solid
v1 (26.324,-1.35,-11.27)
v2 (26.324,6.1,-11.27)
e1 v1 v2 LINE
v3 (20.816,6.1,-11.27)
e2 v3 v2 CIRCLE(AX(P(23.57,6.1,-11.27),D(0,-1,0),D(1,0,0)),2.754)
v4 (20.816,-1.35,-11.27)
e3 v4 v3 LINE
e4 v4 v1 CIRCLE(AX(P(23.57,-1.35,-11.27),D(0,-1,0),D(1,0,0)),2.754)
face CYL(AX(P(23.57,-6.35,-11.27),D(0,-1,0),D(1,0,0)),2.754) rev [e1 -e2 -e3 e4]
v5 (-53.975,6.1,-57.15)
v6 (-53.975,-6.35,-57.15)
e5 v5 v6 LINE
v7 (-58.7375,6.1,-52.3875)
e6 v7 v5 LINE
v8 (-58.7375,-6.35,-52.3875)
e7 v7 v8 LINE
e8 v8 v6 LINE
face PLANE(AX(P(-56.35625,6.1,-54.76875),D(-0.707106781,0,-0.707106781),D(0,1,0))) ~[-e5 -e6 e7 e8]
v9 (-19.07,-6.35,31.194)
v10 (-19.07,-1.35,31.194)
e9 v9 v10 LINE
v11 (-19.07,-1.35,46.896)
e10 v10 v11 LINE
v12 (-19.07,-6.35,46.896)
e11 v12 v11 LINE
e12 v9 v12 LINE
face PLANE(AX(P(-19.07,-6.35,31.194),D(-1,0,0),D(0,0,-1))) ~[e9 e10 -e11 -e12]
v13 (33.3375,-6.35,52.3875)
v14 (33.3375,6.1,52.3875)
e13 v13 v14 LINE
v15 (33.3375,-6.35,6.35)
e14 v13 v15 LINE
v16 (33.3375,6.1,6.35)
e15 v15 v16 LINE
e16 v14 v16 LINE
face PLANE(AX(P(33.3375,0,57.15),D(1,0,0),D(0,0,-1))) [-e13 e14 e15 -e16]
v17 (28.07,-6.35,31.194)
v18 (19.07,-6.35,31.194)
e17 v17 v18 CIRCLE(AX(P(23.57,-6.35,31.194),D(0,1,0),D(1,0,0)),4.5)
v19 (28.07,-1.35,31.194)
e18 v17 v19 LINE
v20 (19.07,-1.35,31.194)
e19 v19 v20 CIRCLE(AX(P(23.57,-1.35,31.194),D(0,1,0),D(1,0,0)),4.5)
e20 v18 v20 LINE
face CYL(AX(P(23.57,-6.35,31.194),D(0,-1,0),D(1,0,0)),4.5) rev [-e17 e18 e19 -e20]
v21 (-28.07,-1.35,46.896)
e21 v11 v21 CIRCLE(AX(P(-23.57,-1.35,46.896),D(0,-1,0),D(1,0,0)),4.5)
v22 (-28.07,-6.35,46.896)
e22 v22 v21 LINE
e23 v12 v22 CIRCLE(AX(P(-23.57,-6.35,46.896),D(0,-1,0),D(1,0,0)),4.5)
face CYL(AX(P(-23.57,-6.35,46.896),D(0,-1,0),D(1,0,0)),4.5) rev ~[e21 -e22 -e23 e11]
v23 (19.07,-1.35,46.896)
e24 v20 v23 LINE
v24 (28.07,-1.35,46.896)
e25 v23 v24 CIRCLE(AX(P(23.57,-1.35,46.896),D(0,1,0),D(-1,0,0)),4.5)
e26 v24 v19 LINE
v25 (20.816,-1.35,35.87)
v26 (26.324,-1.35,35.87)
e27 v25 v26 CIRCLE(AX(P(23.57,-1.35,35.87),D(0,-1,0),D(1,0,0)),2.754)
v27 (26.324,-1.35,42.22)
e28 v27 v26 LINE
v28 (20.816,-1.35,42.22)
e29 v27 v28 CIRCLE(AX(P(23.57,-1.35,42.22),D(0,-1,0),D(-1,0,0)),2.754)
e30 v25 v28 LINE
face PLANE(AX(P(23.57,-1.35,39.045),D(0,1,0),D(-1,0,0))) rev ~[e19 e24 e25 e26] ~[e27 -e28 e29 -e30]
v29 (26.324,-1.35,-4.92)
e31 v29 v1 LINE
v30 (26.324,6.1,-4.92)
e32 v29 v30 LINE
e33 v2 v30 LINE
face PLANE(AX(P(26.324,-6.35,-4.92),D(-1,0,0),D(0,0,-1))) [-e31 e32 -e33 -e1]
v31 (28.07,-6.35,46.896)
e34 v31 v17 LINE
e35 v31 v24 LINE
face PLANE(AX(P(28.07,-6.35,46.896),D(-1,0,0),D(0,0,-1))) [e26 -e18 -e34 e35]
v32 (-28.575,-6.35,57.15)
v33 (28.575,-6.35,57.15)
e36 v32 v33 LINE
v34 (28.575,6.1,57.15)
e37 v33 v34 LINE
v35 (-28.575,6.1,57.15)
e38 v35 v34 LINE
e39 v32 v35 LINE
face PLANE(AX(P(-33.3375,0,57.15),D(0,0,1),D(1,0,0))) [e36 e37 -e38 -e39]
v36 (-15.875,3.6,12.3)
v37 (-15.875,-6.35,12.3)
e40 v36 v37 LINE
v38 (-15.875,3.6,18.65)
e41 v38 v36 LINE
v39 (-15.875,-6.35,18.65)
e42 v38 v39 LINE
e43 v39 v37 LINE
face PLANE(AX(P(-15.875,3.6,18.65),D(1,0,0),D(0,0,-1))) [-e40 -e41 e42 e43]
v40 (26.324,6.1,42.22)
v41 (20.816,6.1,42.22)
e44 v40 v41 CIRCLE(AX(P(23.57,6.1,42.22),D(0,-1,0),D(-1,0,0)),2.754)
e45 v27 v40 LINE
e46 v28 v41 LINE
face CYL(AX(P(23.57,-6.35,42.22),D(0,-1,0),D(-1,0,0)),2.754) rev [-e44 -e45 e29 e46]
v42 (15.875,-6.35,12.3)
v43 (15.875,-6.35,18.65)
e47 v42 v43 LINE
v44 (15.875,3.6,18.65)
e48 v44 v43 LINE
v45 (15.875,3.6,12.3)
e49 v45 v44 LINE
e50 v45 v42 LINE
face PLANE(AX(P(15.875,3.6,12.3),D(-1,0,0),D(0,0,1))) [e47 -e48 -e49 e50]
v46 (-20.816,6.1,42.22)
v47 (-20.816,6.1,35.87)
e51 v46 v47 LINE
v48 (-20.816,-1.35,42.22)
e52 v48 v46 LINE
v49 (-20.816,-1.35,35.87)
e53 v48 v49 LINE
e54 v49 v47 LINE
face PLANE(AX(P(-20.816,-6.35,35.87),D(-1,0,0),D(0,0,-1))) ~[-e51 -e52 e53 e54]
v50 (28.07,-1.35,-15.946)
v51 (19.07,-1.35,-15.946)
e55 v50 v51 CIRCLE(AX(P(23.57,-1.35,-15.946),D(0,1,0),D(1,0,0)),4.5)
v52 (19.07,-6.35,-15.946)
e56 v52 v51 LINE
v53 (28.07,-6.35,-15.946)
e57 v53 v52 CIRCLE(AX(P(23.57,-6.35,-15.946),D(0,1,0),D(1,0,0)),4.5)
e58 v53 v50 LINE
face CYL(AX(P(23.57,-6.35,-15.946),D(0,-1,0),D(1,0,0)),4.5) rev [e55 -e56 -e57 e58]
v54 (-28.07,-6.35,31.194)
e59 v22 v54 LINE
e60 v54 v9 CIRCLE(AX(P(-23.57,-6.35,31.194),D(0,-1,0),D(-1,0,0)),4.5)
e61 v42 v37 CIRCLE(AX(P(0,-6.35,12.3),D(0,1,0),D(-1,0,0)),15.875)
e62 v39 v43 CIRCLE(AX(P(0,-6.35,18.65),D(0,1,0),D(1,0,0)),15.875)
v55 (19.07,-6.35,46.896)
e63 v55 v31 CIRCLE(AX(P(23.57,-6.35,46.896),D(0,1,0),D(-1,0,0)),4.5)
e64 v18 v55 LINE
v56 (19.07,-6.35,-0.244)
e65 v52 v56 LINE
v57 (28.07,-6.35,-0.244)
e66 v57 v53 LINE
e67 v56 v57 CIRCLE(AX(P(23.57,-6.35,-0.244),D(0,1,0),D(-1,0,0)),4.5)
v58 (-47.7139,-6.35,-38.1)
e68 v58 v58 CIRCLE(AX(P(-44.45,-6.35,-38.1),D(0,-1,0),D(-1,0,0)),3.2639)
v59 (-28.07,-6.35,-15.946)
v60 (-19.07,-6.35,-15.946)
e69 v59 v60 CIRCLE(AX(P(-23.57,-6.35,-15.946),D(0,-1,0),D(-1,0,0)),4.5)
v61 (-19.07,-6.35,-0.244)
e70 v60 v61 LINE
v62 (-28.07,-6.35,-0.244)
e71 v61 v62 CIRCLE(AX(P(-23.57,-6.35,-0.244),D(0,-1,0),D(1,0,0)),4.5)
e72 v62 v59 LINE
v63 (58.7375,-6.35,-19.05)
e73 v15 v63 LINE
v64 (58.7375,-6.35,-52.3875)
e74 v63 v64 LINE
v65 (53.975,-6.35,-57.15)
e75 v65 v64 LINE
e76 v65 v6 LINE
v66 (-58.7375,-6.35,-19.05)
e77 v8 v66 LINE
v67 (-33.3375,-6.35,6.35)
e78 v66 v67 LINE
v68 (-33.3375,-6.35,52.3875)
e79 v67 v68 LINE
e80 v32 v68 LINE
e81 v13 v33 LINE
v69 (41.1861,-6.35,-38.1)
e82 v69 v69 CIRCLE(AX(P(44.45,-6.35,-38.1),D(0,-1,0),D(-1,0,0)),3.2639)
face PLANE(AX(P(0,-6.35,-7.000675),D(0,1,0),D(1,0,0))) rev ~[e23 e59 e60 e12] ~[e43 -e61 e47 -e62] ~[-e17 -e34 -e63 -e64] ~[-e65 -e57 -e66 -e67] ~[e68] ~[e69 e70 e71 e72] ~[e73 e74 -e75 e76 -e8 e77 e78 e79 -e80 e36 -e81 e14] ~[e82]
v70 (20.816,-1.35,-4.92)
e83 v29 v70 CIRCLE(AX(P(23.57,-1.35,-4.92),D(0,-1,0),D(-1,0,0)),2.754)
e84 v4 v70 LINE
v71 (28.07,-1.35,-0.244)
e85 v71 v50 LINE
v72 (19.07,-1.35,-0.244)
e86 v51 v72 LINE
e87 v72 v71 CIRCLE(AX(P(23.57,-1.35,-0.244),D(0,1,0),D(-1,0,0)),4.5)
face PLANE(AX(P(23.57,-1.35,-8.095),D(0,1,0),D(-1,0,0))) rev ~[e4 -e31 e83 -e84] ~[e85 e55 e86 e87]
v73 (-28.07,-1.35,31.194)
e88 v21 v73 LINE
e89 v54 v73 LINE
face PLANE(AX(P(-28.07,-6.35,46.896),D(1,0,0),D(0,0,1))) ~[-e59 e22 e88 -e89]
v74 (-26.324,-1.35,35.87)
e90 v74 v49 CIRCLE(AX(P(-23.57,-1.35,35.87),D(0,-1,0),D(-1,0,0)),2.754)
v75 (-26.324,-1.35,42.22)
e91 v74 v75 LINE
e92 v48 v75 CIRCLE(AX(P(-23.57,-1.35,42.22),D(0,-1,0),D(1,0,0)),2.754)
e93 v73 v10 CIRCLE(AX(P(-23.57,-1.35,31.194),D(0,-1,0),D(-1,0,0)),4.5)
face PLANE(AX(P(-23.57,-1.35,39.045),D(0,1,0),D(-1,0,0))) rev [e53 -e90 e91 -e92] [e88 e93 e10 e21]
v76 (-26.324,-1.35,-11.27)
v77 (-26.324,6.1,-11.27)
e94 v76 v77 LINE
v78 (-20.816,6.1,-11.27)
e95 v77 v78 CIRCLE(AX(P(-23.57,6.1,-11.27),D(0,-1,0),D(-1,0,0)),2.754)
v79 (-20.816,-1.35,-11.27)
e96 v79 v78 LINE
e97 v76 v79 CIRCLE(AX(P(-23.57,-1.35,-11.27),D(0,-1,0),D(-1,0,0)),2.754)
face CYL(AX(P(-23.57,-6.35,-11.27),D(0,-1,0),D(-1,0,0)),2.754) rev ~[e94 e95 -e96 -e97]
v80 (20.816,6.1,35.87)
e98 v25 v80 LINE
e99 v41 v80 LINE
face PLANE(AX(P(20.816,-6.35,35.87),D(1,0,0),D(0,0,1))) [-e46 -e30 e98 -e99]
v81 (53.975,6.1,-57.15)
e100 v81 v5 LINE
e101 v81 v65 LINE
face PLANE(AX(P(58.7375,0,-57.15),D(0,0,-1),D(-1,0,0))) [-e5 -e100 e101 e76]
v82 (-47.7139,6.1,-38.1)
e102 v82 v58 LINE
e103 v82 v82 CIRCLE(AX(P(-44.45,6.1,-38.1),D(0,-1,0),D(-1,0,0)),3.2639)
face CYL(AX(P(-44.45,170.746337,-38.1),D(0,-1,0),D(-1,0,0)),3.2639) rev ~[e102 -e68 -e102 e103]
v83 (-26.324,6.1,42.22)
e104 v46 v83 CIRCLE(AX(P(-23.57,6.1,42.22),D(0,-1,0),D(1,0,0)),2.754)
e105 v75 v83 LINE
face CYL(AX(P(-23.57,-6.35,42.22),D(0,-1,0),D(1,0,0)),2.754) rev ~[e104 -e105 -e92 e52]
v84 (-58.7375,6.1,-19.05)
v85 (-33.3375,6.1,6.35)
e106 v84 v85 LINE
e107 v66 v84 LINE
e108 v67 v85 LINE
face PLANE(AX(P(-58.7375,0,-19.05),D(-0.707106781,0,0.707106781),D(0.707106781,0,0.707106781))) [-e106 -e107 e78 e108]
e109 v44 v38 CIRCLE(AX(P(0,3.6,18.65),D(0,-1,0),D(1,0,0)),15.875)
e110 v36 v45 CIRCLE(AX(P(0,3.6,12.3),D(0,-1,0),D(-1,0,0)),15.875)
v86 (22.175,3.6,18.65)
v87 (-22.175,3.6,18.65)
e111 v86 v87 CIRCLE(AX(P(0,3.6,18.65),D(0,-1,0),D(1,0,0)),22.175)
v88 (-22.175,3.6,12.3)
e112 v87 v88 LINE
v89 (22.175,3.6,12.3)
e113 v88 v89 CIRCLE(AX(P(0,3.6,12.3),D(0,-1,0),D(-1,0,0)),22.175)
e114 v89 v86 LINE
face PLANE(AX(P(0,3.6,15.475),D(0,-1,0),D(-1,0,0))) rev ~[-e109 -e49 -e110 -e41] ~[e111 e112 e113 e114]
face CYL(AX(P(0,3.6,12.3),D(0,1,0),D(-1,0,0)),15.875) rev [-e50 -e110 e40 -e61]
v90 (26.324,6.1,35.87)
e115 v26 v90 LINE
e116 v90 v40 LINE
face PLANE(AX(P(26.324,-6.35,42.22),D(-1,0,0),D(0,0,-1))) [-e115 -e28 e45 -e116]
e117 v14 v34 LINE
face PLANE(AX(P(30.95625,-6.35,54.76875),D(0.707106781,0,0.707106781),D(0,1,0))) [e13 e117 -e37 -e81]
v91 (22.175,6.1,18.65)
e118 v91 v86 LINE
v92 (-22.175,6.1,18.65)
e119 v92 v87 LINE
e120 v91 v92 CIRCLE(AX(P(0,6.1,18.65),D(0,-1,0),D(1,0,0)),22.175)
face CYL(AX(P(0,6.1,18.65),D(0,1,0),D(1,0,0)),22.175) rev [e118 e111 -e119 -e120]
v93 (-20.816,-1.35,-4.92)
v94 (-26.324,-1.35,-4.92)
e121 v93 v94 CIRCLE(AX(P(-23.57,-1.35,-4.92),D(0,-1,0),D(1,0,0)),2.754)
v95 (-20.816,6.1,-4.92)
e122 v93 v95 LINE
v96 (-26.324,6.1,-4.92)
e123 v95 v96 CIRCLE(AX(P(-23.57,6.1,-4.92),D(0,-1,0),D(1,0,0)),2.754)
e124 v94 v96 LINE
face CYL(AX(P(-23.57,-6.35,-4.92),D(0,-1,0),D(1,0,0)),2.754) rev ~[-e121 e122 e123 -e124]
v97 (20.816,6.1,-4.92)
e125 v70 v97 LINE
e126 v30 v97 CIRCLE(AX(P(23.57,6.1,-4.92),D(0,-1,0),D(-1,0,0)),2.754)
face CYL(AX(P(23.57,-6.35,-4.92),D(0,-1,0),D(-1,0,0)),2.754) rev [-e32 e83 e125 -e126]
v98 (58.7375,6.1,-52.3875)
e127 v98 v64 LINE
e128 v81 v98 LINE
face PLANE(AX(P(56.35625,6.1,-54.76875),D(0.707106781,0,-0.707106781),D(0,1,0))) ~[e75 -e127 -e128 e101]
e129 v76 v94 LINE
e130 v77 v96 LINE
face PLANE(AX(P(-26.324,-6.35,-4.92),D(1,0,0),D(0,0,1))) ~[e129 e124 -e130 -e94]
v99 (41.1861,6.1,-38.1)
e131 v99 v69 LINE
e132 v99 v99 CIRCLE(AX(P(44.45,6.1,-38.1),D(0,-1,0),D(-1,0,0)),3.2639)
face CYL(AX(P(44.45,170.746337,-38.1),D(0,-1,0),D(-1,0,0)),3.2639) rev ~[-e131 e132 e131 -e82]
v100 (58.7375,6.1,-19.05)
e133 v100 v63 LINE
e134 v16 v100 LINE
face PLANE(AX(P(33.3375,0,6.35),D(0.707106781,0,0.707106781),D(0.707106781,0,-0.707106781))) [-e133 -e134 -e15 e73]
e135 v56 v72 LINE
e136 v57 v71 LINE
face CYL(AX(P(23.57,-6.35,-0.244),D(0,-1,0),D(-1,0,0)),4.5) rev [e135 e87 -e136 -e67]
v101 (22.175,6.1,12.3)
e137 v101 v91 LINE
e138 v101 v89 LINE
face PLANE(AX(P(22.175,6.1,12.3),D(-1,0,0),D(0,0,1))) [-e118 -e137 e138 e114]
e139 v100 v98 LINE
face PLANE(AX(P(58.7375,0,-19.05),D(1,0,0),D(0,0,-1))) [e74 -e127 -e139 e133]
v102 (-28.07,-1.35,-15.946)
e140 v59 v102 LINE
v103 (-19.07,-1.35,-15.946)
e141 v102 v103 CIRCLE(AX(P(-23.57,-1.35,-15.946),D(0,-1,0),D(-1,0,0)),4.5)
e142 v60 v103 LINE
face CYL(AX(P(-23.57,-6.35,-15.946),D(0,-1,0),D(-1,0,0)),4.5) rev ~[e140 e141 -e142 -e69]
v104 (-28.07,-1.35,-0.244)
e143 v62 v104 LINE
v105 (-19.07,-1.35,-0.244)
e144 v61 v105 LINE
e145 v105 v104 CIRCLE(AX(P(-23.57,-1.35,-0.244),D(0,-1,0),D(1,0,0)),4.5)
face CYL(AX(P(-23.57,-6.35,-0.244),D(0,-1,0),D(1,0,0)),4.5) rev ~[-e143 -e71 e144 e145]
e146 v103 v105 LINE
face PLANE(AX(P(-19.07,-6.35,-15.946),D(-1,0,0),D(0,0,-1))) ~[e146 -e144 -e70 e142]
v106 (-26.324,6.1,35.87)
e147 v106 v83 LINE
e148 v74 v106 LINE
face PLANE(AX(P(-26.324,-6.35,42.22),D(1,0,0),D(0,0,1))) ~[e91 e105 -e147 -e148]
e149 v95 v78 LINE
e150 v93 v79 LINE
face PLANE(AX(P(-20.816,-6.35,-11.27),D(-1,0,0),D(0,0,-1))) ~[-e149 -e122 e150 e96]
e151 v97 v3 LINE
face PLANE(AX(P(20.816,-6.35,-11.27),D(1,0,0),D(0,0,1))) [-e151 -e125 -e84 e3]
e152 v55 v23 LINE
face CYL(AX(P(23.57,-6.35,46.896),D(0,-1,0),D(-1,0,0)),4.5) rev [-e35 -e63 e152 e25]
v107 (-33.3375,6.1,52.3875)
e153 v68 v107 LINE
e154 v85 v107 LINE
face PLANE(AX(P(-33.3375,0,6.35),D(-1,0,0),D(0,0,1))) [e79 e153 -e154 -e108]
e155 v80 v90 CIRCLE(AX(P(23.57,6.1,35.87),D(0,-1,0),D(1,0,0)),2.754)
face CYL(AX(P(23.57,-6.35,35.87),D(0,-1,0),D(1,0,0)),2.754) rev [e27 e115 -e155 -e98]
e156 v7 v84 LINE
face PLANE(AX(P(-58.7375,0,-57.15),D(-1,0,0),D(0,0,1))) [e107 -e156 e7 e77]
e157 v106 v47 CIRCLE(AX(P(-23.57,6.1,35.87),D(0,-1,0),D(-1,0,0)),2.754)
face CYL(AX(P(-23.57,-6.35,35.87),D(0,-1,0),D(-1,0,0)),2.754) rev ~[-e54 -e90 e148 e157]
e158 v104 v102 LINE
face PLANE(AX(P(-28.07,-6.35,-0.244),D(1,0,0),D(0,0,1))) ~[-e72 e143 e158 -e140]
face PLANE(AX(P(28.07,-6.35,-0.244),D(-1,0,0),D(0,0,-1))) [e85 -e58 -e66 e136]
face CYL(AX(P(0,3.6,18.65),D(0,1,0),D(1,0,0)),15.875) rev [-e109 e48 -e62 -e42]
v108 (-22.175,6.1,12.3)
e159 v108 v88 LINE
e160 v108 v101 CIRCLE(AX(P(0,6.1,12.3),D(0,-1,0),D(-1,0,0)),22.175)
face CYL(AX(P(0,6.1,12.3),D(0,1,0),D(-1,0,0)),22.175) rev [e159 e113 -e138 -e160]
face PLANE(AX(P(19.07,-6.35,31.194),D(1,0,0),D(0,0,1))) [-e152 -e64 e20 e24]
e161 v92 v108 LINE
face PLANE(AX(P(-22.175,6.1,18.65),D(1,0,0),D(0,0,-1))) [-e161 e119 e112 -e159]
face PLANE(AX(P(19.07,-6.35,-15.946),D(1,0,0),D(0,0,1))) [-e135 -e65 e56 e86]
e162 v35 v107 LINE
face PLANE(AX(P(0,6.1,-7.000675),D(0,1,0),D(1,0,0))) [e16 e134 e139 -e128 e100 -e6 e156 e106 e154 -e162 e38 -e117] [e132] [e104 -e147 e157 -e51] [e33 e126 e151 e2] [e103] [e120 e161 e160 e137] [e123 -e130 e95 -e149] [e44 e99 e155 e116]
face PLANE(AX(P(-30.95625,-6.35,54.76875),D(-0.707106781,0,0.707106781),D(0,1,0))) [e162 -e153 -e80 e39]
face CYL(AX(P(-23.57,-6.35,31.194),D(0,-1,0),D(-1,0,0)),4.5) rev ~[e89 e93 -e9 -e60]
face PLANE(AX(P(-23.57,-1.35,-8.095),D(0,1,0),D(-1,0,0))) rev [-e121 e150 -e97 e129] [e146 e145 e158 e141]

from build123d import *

# Parameters (mm, degrees)
BOSS_EXTRUDE1_DEPTH      = 6.35
F_5_16_18_TAPPED_HOLE1_D = 6.5278
CUT_EXTRUDE1_START       = -0.25
CUT_EXTRUDE1_DEPTH       = 0.25
CUT_EXTRUDE5_DEPTH       = 13.45
CUT_EXTRUDE6_DEPTH       = 5.00000016
CUT_EXTRUDE3_DEPTH       = 2.5
CUT_EXTRUDE4_DEPTH       = 10.95
CHAMFER1_SIZE            = 4.7625


with BuildPart() as part:
    # Sketch1 → Boss-Extrude1 (new body, symmetric)
    with BuildSketch(Plane(origin=(0, 0, 0), x_dir=(1, 0, 0), z_dir=(0, 1, 0))):
        Polygon((-33.3375, 57.15), (-58.7375, 57.15), (-58.7375, 19.05), (-33.3375, -6.35), (-33.3375, -57.15), (33.3375, -57.15), (33.3375, -6.35), (58.7375, 19.05), (58.7375, 57.15), (33.3375, 57.15), align=None)
    extrude(amount=BOSS_EXTRUDE1_DEPTH, both=True)

    # 5/16-18 Tapped Hole1 (through all)
    with Locations(Plane(origin=(0, 6.35, 0), x_dir=(1, 0, 0), z_dir=(0, 1, 0))):
        with Locations((-44.45, 38.1), (44.45, 38.1)):
            Hole(F_5_16_18_TAPPED_HOLE1_D / 2)

    # Sketch4 → Cut-Extrude1 (cut)
    with BuildSketch(Plane(origin=(0, 6.35, 0), x_dir=(1, 0, 0), z_dir=(0, 1, 0)).offset(CUT_EXTRUDE1_START)):
        Polygon((33.3375, -57.15), (33.3375, -6.35), (58.7375, 19.05), (58.7375, 57.15), (-58.7375, 57.15), (-58.7375, 19.05), (-33.3375, -6.35), (-33.3375, -57.15), align=None)
    extrude(amount=CUT_EXTRUDE1_DEPTH, mode=Mode.SUBTRACT)

    # Sketch12 → Cut-Extrude5 (cut, through all)
    with BuildSketch(Plane.XZ.offset(6.35)):
        with BuildLine():
            Line((26.324, -4.92), (26.324, -11.27))
            ThreePointArc((26.324, -11.27), (23.57, -14.024), (20.816, -11.27))
            Line((20.816, -11.27), (20.816, -4.92))
            ThreePointArc((20.816, -4.92), (23.57, -2.166), (26.324, -4.92))
        make_face()
        with BuildLine():
            Line((20.816, 35.87), (20.816, 42.22))
            ThreePointArc((20.816, 42.22), (23.57, 44.974), (26.324, 42.22))
            Line((26.324, 42.22), (26.324, 35.87))
            ThreePointArc((26.324, 35.87), (23.57, 33.116), (20.816, 35.87))
        make_face()
    cut_extrude5 = extrude(amount=-CUT_EXTRUDE5_DEPTH, mode=Mode.SUBTRACT)

    # Sketch13 → Cut-Extrude6 (cut)
    with BuildSketch(Plane.XZ.offset(6.35)):
        with BuildLine():
            Line((19.069999983, -15.945999919), (19.069999983, -0.244000081))
            ThreePointArc((19.069999983, -0.244000081), (23.57, 4.255999936), (28.070000017, -0.244000081))
            Line((28.070000017, -0.244000081), (28.070000017, -15.945999919))
            ThreePointArc((28.070000017, -15.945999919), (23.57, -20.445999936), (19.069999983, -15.945999919))
        make_face()
        with BuildLine():
            Line((19.069999983, 31.194000081), (19.069999983, 46.895999919))
            ThreePointArc((19.069999983, 46.895999919), (23.57, 51.395999936), (28.070000017, 46.895999919))
            Line((28.070000017, 46.895999919), (28.070000017, 31.194000081))
            ThreePointArc((28.070000017, 31.194000081), (23.57, 26.694000064), (19.069999983, 31.194000081))
        make_face()
    cut_extrude6 = extrude(amount=-CUT_EXTRUDE6_DEPTH, mode=Mode.SUBTRACT)

    # Mirror1: Cut-Extrude5, Cut-Extrude6 across plane
    add(cut_extrude5.mirror(Plane(origin=(0, 0, 0), x_dir=(0, 0, 1), z_dir=(1, 0, 0))), mode=Mode.SUBTRACT)
    add(cut_extrude6.mirror(Plane(origin=(0, 0, 0), x_dir=(0, 0, 1), z_dir=(1, 0, 0))), mode=Mode.SUBTRACT)

    # Sketch8 → Cut-Extrude3 (cut)
    with BuildSketch(Plane(origin=(0, 6.1, 0), x_dir=(1, 0, 0), z_dir=(0, 1, 0))):
        with BuildLine():
            Line((-22.175, -18.65), (-22.175, -12.3))
            ThreePointArc((-22.175, -12.3), (0, 9.875), (22.175, -12.3))
            Line((22.175, -12.3), (22.175, -18.65))
            ThreePointArc((22.175, -18.65), (0, -40.825), (-22.175, -18.65))
        make_face()
    extrude(amount=-CUT_EXTRUDE3_DEPTH, mode=Mode.SUBTRACT)

    # Sketch9 → Cut-Extrude4 (cut, through all)
    with BuildSketch(Plane(origin=(0, 3.6, 0), x_dir=(1, 0, 0), z_dir=(0, 1, 0))):
        with BuildLine():
            Line((-15.875, -18.65), (-15.875, -12.3))
            ThreePointArc((-15.875, -12.3), (0, 3.575), (15.875, -12.3))
            Line((15.875, -12.3), (15.875, -18.65))
            ThreePointArc((15.875, -18.65), (0, -34.525), (-15.875, -18.65))
        make_face()
    extrude(amount=-CUT_EXTRUDE4_DEPTH, mode=Mode.SUBTRACT)

    # Chamfer1
    chamfer1_edges = [part.edges().sort_by_distance(p)[0] for p in [
        (33.3375, -0.125, 57.15),
        (-33.3375, -0.125, 57.15),
        (-58.7375, -0.125, -57.15),
        (58.7375, -0.125, -57.15),
    ]]
    chamfer(chamfer1_edges, length=CHAMFER1_SIZE)


solid = part.part
